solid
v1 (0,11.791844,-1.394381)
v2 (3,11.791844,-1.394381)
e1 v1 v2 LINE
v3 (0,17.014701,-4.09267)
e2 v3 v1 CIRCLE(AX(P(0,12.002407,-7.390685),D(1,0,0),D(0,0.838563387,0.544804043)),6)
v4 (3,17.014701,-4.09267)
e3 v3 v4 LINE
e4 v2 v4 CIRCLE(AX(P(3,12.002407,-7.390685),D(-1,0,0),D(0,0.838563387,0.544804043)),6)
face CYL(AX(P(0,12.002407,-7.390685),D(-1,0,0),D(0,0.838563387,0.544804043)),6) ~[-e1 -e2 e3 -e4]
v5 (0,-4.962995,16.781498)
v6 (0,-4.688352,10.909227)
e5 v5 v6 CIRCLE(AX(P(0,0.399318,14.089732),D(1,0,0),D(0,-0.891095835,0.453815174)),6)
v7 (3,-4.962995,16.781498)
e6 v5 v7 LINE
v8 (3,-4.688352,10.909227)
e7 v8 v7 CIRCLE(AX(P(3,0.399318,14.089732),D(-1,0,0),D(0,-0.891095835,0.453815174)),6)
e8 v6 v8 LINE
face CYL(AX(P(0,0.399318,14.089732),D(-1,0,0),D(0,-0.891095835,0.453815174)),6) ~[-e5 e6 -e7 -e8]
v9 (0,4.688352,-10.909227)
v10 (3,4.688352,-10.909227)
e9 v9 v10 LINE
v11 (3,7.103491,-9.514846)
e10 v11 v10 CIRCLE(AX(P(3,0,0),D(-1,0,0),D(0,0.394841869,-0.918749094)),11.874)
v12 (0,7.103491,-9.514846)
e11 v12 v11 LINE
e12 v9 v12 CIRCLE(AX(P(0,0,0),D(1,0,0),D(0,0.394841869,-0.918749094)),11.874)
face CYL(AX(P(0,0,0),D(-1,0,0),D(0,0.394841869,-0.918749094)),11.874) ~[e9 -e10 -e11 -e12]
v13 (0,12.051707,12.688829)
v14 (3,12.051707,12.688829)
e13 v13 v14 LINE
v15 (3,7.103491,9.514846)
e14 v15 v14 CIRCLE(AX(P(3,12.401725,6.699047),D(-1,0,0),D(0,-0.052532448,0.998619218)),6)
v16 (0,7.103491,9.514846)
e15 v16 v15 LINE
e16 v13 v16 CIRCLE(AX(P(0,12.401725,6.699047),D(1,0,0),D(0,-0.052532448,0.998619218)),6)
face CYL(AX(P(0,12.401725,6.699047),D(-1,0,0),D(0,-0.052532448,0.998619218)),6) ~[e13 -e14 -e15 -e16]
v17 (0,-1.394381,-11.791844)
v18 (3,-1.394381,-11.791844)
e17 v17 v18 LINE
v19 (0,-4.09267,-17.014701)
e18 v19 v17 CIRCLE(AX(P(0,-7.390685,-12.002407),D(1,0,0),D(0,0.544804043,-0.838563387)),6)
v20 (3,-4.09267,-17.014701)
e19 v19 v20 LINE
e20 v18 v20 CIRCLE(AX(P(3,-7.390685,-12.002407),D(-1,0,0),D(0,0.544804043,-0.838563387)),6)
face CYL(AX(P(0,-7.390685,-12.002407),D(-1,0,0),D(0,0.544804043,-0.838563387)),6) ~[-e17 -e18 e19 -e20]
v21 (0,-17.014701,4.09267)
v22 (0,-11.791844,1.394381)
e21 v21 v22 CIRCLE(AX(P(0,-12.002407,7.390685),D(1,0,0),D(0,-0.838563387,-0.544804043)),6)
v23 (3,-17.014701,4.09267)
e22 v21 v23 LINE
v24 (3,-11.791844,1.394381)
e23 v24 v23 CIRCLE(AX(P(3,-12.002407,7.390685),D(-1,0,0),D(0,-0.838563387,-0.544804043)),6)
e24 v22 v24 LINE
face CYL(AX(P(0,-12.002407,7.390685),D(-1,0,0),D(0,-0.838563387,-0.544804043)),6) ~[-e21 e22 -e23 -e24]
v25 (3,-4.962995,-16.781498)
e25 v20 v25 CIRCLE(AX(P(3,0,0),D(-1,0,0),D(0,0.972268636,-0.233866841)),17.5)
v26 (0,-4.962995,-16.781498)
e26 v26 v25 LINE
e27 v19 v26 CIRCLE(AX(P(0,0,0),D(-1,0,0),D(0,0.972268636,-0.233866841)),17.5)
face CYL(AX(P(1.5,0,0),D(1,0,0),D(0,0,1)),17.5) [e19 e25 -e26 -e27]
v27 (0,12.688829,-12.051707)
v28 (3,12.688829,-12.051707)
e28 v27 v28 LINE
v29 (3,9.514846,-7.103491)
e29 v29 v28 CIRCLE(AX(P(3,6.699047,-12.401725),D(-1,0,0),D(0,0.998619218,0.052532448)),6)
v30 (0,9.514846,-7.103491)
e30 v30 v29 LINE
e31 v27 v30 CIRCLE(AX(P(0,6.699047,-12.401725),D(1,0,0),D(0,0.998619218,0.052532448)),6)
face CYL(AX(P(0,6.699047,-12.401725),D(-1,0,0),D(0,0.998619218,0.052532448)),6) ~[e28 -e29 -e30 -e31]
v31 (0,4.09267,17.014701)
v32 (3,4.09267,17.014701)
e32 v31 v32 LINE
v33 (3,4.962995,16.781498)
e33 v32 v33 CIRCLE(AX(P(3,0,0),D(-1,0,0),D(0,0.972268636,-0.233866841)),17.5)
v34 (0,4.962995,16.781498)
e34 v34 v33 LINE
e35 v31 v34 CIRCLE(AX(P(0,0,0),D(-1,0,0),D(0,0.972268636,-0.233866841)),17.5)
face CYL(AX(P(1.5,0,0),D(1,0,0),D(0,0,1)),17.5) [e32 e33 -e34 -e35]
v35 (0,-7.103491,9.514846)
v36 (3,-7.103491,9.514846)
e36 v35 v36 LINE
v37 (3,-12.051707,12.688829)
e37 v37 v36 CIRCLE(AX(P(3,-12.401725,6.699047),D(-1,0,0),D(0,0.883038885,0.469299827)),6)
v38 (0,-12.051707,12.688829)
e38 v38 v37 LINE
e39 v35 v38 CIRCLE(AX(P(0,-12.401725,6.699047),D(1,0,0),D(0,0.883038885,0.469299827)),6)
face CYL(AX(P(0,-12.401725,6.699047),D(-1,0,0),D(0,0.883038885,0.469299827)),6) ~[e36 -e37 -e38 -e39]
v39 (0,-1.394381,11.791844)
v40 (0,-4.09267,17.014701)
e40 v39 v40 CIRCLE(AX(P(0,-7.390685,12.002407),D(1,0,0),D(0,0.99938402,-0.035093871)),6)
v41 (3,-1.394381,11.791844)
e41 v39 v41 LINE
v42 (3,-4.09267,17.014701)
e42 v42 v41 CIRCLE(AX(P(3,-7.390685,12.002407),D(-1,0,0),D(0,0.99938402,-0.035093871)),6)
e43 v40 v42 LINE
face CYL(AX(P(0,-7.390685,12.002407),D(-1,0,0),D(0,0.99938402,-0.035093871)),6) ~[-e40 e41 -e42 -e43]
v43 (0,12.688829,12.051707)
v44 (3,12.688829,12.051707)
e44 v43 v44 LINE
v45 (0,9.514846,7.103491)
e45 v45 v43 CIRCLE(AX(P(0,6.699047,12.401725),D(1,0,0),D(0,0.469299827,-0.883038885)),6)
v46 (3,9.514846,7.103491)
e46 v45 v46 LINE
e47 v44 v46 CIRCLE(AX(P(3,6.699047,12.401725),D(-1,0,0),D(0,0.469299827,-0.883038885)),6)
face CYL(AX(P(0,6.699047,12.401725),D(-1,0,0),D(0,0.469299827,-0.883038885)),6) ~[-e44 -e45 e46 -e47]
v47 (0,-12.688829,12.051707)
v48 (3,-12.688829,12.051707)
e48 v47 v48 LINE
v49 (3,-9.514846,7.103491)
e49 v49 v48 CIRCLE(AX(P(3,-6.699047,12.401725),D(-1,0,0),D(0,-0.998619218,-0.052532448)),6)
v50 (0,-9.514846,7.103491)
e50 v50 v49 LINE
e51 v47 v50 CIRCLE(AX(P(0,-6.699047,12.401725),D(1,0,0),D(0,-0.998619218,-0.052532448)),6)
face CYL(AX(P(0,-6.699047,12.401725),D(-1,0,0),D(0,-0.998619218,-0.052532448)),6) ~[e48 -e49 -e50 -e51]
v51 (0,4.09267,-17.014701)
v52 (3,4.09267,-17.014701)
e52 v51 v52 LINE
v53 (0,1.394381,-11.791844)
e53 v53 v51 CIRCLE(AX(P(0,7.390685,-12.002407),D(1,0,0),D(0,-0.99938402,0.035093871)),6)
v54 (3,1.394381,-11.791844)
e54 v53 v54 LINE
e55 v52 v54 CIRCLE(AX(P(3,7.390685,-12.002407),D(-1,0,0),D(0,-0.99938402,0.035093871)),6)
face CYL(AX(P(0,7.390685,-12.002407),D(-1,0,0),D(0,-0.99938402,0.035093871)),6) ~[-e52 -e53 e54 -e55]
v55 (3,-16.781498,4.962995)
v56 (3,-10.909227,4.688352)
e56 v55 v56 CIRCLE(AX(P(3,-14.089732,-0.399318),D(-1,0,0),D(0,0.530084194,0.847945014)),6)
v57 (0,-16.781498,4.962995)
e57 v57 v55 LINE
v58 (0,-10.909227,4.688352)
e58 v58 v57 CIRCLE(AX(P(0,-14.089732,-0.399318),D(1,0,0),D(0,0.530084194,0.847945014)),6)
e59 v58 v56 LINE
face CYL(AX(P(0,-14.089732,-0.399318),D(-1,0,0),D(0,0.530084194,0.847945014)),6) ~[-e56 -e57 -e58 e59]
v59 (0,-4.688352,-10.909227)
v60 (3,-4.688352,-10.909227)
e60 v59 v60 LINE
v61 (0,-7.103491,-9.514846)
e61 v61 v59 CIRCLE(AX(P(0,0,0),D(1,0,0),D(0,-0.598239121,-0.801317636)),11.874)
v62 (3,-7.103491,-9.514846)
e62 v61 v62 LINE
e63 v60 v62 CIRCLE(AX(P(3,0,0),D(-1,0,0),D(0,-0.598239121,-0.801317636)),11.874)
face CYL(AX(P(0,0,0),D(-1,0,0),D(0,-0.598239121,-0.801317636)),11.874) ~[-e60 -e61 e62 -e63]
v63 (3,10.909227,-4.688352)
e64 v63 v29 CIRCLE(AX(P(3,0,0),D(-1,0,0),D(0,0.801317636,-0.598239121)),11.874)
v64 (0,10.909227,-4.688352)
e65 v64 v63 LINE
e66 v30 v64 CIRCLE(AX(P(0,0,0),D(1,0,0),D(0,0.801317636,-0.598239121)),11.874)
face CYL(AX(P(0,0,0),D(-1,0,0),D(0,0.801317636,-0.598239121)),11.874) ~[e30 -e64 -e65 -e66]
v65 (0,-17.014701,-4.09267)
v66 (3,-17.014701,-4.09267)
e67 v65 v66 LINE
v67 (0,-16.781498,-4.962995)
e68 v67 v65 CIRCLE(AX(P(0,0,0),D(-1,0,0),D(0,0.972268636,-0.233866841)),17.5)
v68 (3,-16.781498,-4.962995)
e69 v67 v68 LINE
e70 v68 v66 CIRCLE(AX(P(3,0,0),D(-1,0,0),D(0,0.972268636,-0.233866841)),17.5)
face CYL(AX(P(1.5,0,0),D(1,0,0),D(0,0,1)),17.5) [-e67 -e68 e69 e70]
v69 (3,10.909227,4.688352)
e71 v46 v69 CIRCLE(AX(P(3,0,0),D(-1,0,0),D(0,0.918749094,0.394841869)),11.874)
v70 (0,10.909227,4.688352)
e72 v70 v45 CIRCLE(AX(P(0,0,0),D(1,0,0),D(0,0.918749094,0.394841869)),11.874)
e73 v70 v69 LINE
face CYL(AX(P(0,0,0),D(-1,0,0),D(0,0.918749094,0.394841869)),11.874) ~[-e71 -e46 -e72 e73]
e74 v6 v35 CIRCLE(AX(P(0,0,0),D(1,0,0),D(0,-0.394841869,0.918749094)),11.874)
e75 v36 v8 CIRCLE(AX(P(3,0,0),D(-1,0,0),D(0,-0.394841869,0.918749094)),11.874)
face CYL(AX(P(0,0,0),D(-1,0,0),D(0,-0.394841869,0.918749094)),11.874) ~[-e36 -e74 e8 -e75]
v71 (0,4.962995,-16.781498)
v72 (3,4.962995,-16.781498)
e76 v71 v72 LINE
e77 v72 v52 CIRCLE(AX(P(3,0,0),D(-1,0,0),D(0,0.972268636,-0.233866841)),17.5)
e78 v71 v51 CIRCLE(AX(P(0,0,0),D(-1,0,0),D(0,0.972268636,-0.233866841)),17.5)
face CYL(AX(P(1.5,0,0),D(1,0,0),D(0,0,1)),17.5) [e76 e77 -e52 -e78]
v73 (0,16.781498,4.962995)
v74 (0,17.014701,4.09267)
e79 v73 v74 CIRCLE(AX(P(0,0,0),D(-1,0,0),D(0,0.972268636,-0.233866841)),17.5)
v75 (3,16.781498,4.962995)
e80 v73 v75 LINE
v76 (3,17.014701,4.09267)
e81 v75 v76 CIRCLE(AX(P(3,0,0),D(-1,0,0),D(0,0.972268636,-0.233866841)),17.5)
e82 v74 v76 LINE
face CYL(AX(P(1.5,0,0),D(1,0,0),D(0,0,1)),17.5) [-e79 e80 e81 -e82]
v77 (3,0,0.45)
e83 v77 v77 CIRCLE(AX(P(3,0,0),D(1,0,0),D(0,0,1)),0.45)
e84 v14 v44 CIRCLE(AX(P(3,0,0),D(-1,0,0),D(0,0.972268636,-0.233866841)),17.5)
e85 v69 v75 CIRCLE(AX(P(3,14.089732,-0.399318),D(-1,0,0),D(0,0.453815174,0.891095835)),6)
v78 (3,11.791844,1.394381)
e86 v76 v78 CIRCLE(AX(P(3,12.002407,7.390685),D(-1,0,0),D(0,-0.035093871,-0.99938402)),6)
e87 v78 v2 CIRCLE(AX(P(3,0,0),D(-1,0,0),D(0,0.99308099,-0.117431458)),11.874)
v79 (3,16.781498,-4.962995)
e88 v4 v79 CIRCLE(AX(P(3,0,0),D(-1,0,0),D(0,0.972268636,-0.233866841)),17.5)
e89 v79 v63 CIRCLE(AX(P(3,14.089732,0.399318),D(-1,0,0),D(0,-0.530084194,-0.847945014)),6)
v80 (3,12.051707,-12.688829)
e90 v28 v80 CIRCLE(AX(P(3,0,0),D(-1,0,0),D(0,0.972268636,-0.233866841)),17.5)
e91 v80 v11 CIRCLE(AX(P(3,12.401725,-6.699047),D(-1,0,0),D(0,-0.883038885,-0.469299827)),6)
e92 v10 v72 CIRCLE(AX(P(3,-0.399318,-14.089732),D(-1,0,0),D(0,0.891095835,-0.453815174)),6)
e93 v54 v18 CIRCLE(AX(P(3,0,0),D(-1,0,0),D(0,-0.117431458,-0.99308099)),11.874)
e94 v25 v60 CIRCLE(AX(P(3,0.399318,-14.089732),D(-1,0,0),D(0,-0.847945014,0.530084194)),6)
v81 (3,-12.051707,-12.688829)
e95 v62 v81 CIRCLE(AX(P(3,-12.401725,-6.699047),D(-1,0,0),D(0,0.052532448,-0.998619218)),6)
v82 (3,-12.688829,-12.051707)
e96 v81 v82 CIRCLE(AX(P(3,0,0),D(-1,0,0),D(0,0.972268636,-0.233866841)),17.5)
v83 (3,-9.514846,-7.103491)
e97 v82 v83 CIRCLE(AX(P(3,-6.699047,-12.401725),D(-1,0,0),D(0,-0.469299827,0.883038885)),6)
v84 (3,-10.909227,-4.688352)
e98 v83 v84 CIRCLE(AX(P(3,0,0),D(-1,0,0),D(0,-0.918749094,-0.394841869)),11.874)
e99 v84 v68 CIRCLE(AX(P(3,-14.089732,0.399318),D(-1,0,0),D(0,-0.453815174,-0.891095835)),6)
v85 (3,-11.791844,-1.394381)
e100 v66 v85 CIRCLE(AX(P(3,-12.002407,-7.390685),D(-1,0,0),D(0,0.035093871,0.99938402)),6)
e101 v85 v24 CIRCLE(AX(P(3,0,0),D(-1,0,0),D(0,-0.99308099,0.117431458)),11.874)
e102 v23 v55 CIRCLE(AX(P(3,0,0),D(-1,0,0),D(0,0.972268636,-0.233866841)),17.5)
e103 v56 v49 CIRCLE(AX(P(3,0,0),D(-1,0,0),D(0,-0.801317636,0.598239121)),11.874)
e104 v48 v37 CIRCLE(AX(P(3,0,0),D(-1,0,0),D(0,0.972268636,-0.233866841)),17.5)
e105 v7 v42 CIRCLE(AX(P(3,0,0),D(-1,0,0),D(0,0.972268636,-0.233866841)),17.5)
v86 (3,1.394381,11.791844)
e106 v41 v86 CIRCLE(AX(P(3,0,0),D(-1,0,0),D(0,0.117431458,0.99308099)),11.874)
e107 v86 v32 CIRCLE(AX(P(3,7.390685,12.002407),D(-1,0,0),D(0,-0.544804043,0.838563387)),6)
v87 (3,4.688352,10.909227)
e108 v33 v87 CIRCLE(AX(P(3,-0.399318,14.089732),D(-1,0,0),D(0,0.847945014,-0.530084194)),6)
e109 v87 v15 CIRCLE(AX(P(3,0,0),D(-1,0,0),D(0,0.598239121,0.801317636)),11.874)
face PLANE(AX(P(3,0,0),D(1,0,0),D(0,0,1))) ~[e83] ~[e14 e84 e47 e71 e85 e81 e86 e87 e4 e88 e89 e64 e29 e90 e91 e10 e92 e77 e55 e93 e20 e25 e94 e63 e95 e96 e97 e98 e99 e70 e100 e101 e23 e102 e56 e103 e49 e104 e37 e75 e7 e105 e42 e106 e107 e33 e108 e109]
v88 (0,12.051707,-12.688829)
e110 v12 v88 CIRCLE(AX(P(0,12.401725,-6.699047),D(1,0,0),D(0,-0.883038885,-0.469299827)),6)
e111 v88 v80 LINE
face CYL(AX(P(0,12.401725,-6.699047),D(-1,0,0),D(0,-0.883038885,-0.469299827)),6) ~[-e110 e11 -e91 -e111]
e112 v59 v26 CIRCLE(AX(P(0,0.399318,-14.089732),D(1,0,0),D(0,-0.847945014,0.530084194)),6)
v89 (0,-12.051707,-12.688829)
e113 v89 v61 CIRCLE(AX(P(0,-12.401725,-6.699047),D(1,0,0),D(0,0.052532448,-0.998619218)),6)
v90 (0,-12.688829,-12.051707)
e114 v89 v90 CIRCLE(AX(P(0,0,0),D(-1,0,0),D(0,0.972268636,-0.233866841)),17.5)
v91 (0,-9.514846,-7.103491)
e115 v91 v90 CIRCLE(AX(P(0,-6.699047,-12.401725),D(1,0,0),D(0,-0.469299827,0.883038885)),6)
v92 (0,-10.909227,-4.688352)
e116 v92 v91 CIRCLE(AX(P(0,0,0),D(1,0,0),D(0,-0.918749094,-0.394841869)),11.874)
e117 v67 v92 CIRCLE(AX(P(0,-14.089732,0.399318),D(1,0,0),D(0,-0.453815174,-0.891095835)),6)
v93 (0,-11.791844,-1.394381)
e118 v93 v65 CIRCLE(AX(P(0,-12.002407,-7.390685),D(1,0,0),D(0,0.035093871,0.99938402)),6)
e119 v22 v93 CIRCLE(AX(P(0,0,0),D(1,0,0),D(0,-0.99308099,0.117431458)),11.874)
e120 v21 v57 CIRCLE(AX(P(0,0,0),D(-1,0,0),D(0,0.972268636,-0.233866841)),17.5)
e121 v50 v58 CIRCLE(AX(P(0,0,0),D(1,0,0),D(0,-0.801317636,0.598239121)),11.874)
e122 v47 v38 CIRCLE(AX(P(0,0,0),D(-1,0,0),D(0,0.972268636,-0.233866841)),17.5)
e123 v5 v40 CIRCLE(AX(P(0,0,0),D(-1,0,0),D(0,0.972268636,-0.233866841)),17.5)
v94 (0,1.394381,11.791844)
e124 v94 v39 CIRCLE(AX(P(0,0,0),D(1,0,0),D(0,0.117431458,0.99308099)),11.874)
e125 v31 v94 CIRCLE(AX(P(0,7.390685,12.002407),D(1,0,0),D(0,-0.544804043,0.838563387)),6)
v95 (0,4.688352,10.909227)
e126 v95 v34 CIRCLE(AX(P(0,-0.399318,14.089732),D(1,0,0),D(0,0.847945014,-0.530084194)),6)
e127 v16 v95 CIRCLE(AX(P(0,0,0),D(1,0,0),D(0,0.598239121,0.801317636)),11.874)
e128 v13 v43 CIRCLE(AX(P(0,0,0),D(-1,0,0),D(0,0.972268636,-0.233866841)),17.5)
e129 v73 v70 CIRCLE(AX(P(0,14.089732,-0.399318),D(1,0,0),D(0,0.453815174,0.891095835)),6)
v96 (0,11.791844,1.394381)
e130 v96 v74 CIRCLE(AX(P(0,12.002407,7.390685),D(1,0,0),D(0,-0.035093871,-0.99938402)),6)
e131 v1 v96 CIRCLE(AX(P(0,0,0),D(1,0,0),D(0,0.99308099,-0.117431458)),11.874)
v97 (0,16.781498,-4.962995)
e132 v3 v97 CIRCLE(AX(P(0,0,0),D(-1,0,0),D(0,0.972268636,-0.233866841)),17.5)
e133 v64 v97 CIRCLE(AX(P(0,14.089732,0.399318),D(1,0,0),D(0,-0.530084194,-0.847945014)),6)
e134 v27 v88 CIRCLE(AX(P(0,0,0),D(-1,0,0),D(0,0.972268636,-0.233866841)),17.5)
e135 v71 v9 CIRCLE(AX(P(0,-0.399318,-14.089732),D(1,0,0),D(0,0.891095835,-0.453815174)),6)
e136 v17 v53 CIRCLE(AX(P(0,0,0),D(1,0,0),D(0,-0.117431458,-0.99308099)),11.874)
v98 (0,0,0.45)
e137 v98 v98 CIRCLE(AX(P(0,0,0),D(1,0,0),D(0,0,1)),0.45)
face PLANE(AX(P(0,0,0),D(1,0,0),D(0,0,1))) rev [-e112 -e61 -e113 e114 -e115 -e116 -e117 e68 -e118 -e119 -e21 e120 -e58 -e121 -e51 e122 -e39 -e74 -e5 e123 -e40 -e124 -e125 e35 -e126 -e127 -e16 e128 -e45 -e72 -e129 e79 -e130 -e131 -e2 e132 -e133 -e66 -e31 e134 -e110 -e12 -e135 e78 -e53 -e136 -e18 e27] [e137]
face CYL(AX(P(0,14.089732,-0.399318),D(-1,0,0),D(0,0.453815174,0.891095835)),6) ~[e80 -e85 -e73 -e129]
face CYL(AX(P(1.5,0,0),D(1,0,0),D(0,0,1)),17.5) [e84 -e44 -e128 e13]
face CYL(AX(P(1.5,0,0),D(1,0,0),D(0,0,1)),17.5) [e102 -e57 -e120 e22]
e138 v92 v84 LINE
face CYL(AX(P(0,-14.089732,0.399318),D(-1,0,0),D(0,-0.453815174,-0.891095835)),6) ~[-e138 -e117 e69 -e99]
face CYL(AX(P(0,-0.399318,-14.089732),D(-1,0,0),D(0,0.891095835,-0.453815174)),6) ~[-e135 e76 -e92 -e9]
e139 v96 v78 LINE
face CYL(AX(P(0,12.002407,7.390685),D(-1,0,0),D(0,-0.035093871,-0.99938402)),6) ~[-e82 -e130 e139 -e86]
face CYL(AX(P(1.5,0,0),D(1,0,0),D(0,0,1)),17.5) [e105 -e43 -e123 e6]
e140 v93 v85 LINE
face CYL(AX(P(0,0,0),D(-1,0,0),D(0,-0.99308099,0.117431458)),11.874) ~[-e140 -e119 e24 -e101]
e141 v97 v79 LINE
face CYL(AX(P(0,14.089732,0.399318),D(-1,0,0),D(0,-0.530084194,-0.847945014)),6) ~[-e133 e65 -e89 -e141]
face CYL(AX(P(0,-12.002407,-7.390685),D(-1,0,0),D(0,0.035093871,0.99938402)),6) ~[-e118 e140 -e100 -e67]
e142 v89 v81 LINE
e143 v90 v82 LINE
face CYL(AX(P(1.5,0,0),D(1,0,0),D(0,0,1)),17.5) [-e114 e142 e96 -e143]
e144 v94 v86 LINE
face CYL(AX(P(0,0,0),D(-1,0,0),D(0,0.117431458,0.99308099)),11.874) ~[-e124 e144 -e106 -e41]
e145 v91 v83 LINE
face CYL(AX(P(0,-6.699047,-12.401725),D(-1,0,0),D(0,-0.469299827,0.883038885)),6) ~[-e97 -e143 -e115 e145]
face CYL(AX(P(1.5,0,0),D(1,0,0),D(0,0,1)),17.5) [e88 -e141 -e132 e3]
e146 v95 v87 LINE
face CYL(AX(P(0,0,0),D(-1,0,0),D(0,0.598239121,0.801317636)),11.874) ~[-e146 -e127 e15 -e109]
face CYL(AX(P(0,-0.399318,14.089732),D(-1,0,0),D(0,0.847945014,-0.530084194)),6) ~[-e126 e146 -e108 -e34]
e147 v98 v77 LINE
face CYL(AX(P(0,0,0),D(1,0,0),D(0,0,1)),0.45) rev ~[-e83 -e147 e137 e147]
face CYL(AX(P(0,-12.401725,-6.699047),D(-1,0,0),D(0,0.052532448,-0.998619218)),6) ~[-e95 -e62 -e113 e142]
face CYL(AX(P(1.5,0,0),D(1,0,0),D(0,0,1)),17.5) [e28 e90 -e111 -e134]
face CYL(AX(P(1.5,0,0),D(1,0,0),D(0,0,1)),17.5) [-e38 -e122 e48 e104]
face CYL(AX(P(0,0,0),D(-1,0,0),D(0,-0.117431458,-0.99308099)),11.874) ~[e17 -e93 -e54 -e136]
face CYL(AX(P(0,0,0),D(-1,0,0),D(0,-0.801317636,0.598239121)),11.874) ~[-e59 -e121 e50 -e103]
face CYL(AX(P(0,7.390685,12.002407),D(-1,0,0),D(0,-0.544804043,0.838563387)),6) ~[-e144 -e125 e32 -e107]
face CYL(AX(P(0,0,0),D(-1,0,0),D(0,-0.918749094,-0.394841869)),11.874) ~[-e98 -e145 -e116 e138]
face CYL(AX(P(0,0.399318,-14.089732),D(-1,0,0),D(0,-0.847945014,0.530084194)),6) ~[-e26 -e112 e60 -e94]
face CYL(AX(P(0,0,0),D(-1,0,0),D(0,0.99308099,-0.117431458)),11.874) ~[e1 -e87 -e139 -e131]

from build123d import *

# Parameters (mm, degrees)
BASPROSKE_W     = 3
BASPROSKE_H     = 17.5
TOOTHCUT_DEPTH  = 25.929901725
TEETHCUTS_COUNT = 12
TEETHCUTS_ANGLE = 330
BORSKE_R        = 0.45
BORE_DEPTH      = 50.0000508


with BuildPart() as part:
    # BasProSke → Base-Revolve (revolve)
    with BuildSketch(Plane(origin=(0, 0, 0), x_dir=(1, 0, 0), z_dir=(0, 1, 0)), mode=Mode.PRIVATE) as base_revolve_sk:
        with Locations((1.5, 8.75)):
            Rectangle(BASPROSKE_W, BASPROSKE_H)
    revolve(base_revolve_sk.sketch.rotate(Axis((-10, 0, 0), (1, 0, 0)), 180), axis=Axis((-10, 0, 0), (1, 0, 0)))

    # TooCutSke → ToothCut (cut, through all)
    with BuildSketch(Plane(origin=(0, 0, 0), x_dir=(0, 0, -1), z_dir=(1, 0, 0))):
        with BuildLine():
            ThreePointArc((1.394381134, 11.791843675), (0, 11.874), (-1.394381134, 11.791843675))
            ThreePointArc((-1.394381134, 11.791843675), (-2.068078374, 14.771857381), (-4.121860996, 17.033787221))
            ThreePointArc((-4.121860996, 17.033787221), (0, 17.5254), (4.121860996, 17.033787221))
            ThreePointArc((4.121860996, 17.033787221), (2.068078374, 14.771857381), (1.394381134, 11.791843675))
        make_face()
    toothcut = extrude(amount=TOOTHCUT_DEPTH, mode=Mode.SUBTRACT)

    # TeethCuts: ToothCut ×12 about axis
    teethcuts_axis = Axis((-10, 0, 0), (1, 0, 0))
    for i in range(1, TEETHCUTS_COUNT):
        add(toothcut.rotate(teethcuts_axis, i * TEETHCUTS_ANGLE / (TEETHCUTS_COUNT - 1)), mode=Mode.SUBTRACT)

    # BorSke → Bore (cut, symmetric)
    with BuildSketch(Plane(origin=(0, 0, 0), x_dir=(0, 0, -1), z_dir=(1, 0, 0))):
        with Locations(Location((0, 0, 0), (0, 0, 180))):
            Circle(BORSKE_R)
    extrude(amount=BORE_DEPTH, both=True, mode=Mode.SUBTRACT)


solid = part.part
